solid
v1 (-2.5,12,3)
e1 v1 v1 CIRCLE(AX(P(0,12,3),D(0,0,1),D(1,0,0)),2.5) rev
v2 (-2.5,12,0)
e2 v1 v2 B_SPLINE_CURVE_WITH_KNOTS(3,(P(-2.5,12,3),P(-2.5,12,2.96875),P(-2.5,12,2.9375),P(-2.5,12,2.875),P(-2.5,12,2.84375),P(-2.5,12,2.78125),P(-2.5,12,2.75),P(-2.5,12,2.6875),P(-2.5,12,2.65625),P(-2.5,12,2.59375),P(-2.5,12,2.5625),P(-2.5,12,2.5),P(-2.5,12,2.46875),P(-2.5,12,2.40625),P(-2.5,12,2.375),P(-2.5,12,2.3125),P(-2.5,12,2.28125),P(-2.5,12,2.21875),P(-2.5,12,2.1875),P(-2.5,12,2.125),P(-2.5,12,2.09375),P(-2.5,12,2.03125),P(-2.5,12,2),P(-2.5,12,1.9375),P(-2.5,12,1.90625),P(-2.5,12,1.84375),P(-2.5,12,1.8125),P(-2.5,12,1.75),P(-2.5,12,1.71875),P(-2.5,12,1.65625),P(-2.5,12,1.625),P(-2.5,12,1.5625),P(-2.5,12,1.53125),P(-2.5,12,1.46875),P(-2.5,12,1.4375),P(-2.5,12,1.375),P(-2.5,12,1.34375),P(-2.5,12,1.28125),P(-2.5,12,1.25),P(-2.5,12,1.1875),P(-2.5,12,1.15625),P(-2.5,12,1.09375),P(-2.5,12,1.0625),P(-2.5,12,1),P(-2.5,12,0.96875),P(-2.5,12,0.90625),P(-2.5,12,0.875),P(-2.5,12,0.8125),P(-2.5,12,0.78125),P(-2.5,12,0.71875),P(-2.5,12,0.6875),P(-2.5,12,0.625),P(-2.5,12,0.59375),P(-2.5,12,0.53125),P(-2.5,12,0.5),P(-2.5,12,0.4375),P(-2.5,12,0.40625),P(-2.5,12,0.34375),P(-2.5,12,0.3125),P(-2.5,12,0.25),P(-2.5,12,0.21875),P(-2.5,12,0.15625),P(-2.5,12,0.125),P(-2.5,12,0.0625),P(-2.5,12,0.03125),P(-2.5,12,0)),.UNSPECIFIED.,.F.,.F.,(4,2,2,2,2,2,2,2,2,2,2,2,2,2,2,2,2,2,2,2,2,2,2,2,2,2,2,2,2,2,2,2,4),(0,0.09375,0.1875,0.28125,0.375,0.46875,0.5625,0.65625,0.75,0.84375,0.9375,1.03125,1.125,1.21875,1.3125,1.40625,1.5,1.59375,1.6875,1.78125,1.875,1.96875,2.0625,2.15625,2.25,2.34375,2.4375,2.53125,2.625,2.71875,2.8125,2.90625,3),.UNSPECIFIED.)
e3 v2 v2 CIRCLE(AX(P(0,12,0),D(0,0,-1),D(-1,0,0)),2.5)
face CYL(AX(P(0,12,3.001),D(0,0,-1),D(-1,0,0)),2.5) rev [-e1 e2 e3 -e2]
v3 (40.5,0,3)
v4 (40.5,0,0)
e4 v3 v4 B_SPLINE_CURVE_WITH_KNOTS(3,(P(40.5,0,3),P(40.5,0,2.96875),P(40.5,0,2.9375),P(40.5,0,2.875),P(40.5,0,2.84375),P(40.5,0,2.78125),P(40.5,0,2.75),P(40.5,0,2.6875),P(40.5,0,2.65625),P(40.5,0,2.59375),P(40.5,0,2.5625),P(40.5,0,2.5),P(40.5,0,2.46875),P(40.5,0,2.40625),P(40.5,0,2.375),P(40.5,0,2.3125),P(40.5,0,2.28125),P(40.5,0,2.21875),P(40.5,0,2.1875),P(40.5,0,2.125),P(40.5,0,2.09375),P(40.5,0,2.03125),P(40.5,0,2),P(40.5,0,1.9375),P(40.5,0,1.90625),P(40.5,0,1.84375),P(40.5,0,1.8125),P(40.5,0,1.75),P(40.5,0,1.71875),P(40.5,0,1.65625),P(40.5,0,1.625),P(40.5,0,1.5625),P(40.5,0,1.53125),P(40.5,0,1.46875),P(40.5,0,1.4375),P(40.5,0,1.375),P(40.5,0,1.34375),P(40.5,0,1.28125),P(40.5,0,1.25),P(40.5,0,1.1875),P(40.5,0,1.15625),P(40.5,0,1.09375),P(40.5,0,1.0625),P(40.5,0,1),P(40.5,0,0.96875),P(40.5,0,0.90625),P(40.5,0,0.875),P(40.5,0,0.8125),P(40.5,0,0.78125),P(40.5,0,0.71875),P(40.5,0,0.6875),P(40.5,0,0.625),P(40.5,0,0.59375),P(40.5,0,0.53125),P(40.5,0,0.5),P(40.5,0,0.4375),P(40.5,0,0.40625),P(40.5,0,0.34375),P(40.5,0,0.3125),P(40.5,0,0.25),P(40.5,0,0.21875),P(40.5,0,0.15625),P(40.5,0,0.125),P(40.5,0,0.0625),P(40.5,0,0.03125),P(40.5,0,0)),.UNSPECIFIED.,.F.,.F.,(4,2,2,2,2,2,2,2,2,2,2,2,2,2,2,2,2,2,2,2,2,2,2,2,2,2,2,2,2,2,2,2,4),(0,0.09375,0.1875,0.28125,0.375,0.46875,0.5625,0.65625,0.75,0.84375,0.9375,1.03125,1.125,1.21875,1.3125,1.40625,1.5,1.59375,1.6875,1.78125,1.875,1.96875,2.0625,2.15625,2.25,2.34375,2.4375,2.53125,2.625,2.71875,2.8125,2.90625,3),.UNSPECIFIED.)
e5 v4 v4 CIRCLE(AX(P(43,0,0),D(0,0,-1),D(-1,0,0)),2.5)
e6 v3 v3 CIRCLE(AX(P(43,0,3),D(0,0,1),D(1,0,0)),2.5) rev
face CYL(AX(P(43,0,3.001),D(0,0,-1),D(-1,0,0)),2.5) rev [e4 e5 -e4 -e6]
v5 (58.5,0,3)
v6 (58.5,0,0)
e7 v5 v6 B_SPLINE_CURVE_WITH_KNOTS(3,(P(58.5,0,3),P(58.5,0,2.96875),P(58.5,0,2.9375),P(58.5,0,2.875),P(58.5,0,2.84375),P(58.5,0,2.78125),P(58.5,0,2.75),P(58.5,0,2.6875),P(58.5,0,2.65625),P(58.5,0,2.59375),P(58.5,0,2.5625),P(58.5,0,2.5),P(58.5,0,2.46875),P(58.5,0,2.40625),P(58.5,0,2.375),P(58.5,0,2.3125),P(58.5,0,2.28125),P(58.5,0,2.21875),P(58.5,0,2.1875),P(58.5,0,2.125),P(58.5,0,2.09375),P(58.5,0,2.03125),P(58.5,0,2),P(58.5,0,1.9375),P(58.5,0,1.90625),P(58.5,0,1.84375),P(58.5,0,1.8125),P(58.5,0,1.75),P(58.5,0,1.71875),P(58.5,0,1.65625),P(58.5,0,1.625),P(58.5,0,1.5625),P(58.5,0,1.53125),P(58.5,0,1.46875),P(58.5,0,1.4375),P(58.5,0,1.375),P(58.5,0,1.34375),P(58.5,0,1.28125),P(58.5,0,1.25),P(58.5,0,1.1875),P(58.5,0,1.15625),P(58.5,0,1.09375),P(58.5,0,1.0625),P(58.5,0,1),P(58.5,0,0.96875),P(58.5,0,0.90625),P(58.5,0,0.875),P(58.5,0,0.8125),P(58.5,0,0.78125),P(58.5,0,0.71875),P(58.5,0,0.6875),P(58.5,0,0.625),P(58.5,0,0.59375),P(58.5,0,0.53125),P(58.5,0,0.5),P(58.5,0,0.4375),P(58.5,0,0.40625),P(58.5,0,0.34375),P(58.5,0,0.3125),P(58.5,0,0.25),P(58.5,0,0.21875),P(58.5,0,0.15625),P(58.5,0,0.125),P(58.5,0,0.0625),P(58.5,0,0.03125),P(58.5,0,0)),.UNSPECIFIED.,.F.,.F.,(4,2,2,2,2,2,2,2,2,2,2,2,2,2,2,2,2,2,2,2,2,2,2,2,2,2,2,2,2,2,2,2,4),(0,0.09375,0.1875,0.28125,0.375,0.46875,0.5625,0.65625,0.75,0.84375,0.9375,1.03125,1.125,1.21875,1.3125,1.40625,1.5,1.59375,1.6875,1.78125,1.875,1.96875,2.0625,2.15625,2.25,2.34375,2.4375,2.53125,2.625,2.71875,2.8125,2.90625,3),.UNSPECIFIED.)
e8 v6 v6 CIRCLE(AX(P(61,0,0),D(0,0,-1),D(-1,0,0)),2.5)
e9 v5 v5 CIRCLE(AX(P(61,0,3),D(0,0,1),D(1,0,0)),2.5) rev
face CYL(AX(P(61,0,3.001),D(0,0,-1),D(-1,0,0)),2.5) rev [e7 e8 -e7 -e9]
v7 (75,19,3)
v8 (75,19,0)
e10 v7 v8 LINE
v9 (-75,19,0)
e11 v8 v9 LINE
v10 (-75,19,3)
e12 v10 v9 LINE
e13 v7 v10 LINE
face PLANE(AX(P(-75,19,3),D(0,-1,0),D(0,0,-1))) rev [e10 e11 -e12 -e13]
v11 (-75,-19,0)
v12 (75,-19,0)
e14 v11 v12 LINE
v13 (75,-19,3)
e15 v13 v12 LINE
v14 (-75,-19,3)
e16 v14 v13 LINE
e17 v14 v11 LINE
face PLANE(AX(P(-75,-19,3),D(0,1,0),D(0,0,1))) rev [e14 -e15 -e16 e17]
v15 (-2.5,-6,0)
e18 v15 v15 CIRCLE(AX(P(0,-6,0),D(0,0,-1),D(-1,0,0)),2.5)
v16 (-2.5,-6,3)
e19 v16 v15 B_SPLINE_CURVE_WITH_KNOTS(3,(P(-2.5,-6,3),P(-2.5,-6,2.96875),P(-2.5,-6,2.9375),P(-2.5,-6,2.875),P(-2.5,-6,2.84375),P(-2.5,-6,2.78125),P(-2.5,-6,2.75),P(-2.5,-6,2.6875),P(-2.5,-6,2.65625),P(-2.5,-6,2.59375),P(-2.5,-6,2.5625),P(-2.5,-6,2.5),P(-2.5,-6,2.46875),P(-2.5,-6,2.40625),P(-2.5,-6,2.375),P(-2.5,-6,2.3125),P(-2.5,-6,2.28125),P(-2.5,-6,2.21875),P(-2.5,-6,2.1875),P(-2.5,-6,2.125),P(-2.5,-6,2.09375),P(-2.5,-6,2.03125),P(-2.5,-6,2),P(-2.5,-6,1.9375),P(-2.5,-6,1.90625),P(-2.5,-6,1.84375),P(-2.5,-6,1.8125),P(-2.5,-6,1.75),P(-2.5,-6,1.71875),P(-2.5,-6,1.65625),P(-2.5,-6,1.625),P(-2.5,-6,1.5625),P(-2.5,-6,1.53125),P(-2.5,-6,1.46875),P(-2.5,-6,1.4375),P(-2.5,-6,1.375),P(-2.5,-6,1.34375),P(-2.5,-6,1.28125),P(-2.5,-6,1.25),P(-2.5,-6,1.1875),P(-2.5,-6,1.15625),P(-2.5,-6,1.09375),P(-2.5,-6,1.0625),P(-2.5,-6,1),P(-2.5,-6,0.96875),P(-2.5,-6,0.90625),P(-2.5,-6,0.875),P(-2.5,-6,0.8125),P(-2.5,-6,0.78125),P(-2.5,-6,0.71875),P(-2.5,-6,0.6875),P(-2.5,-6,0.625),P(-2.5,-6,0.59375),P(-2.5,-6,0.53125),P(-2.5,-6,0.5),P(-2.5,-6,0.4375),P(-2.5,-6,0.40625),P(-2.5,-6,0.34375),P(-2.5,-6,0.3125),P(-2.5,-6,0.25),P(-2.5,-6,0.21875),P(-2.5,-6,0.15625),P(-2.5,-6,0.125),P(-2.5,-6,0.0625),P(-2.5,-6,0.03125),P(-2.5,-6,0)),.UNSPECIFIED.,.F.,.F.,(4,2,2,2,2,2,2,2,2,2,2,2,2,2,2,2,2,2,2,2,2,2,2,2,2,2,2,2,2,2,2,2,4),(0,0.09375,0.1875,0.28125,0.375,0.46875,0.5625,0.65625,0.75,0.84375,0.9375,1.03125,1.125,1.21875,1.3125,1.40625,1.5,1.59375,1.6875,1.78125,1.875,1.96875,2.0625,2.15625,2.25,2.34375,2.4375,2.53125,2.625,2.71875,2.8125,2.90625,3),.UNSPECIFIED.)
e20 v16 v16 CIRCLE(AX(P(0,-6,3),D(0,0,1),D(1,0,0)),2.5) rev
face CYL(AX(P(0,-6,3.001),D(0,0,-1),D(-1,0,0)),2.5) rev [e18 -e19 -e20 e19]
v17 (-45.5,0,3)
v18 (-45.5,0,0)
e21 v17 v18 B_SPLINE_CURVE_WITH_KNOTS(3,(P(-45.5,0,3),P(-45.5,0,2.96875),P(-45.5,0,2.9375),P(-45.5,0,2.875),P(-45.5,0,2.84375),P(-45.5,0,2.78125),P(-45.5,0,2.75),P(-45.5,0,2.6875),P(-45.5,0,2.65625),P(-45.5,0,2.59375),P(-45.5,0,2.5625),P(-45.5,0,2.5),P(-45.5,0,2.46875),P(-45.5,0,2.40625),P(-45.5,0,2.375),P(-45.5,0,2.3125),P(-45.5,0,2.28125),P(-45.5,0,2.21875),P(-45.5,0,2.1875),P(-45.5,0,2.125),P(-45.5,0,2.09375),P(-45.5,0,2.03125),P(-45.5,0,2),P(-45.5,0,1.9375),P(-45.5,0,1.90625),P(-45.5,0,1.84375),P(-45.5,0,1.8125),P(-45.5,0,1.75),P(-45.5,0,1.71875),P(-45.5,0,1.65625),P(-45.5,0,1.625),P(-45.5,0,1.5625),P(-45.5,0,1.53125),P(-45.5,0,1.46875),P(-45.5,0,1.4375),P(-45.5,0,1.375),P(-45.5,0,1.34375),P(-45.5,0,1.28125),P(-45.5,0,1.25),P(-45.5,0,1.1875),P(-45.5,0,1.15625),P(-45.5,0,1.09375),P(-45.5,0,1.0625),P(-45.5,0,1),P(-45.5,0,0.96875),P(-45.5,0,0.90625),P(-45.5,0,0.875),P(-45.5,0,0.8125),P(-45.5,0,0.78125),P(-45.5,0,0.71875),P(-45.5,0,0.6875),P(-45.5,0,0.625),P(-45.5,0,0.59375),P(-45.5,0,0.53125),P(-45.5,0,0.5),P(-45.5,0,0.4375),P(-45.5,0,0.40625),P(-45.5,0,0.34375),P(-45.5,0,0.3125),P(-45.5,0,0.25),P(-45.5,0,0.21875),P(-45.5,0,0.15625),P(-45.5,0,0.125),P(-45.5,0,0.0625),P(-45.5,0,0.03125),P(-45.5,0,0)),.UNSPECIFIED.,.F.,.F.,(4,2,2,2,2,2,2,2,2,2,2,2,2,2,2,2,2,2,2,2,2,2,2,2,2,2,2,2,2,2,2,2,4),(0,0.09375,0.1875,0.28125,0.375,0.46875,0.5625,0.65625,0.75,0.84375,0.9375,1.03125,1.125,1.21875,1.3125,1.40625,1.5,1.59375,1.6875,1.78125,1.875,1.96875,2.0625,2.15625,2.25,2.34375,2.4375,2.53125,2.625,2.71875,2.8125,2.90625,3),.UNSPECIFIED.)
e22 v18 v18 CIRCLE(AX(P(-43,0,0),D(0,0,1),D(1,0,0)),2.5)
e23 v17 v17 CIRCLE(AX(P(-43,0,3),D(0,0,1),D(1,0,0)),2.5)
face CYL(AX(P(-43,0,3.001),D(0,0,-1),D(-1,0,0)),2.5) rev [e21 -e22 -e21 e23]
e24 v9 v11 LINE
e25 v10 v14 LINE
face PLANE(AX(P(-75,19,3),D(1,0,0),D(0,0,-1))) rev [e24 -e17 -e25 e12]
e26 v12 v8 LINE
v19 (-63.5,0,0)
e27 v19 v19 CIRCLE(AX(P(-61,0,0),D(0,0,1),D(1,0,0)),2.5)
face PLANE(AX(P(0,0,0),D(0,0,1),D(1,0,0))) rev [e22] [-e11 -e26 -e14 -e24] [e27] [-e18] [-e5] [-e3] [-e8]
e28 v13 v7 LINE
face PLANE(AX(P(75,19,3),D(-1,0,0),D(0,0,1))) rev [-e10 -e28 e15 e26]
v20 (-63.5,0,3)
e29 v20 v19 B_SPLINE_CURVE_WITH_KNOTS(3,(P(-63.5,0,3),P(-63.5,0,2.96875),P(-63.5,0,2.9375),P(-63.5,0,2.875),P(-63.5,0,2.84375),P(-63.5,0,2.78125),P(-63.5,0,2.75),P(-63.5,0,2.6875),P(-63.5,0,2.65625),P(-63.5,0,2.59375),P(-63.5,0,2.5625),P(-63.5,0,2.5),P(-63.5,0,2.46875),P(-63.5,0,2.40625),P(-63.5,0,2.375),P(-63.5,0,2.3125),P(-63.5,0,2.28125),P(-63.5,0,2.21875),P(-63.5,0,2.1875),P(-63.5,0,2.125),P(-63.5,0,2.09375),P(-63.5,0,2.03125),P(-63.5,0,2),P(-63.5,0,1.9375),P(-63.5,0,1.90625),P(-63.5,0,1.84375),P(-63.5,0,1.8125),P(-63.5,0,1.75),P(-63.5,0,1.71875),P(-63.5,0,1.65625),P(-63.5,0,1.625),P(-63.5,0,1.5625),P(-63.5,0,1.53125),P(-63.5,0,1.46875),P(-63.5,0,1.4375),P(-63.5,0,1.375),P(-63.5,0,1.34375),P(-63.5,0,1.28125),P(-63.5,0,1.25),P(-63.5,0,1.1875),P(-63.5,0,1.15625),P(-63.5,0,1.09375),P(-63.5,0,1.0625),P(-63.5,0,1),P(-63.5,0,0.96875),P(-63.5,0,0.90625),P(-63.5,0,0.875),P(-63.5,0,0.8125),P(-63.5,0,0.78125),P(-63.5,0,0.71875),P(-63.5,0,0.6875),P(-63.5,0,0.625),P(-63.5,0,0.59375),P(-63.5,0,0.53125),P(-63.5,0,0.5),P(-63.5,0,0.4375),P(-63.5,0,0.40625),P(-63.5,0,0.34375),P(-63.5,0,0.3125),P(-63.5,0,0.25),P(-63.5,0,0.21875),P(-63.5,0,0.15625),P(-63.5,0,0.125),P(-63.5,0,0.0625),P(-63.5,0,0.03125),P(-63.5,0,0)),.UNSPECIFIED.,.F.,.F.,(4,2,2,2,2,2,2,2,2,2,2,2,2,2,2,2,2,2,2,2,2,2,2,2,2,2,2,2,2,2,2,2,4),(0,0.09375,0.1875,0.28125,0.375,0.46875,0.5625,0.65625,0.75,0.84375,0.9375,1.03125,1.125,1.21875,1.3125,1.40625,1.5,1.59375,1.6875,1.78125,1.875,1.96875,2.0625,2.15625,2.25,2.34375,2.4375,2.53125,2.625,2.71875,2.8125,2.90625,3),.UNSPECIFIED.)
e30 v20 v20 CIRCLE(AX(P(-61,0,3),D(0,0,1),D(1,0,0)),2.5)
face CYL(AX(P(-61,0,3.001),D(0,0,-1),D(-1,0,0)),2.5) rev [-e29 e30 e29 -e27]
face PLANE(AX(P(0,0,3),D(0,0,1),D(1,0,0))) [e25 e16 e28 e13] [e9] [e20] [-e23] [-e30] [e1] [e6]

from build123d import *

# Parameters (mm, degrees)
SKETCH_1_W          = 150
SKETCH_1_H          = 38
EXTRUDE_1_DEPTH     = 3
CUT_EXTRUDE_1_REACH = 79.427
SKETCH_2_R          = 2.5
CUT_EXTRUDE_2_REACH = 79.427
SKETCH_4_R          = 2.5


with BuildPart() as part:
    # 草圖1 → 填料-伸長1 (new body)
    with BuildSketch(Plane.XY):
        Rectangle(SKETCH_1_W, SKETCH_1_H)
    extrude(amount=EXTRUDE_1_DEPTH)

    # 草圖2 → 除料-伸長1 (cut, up to next)
    with BuildSketch(Plane(origin=(0, 0, 0), x_dir=(-1, 0, 0), z_dir=(0, 0, -1)), mode=Mode.PRIVATE) as cut_extrude_1_sk1:
        with Locations((-61, 0)):
            Circle(SKETCH_2_R)
    cut_extrude_1_tool1 = extrude(cut_extrude_1_sk1.sketch, amount=-CUT_EXTRUDE_1_REACH, mode=Mode.PRIVATE) & part.part
    # 草圖2 → 除料-伸長1 (cut, up to next)
    with BuildSketch(Plane(origin=(0, 0, 0), x_dir=(-1, 0, 0), z_dir=(0, 0, -1)), mode=Mode.PRIVATE) as cut_extrude_1_sk2:
        with Locations((-43, 0)):
            Circle(SKETCH_2_R)
    cut_extrude_1_tool2 = extrude(cut_extrude_1_sk2.sketch, amount=-CUT_EXTRUDE_1_REACH, mode=Mode.PRIVATE) & part.part
    cut_extrude_1_1 = cut_extrude_1_tool1.solids().sort_by_distance((61, 0, 0))[0]
    add(cut_extrude_1_1, mode=Mode.SUBTRACT)
    cut_extrude_1_2 = cut_extrude_1_tool2.solids().sort_by_distance((43, 0, 0))[0]
    add(cut_extrude_1_2, mode=Mode.SUBTRACT)
    cut_extrude_1 = cut_extrude_1_1 + cut_extrude_1_2  # 除料-伸長1 as one shape, for the pattern or mirror that repeats it

    # 鏡射1: 除料-伸長1 across plane
    add(cut_extrude_1.mirror(Plane(origin=(0, 0, 0), x_dir=(0, 0, 1), z_dir=(1, 0, 0))), mode=Mode.SUBTRACT)

    # 草圖4 → 除料-伸長2 (cut, up to next)
    with BuildSketch(Plane(origin=(0, 0, 0), x_dir=(-1, 0, 0), z_dir=(0, 0, -1)), mode=Mode.PRIVATE) as cut_extrude_2_sk1:
        with Locations((0, -6)):
            Circle(SKETCH_4_R)
    cut_extrude_2_tool1 = extrude(cut_extrude_2_sk1.sketch, amount=-CUT_EXTRUDE_2_REACH, mode=Mode.PRIVATE) & part.part
    # 草圖4 → 除料-伸長2 (cut, up to next)
    with BuildSketch(Plane(origin=(0, 0, 0), x_dir=(-1, 0, 0), z_dir=(0, 0, -1)), mode=Mode.PRIVATE) as cut_extrude_2_sk2:
        with Locations((0, 12)):
            Circle(SKETCH_4_R)
    cut_extrude_2_tool2 = extrude(cut_extrude_2_sk2.sketch, amount=-CUT_EXTRUDE_2_REACH, mode=Mode.PRIVATE) & part.part
    add(cut_extrude_2_tool1.solids().sort_by_distance((0, -6, 0))[0], mode=Mode.SUBTRACT)
    add(cut_extrude_2_tool2.solids().sort_by_distance((0, 12, 0))[0], mode=Mode.SUBTRACT)


solid = part.part
